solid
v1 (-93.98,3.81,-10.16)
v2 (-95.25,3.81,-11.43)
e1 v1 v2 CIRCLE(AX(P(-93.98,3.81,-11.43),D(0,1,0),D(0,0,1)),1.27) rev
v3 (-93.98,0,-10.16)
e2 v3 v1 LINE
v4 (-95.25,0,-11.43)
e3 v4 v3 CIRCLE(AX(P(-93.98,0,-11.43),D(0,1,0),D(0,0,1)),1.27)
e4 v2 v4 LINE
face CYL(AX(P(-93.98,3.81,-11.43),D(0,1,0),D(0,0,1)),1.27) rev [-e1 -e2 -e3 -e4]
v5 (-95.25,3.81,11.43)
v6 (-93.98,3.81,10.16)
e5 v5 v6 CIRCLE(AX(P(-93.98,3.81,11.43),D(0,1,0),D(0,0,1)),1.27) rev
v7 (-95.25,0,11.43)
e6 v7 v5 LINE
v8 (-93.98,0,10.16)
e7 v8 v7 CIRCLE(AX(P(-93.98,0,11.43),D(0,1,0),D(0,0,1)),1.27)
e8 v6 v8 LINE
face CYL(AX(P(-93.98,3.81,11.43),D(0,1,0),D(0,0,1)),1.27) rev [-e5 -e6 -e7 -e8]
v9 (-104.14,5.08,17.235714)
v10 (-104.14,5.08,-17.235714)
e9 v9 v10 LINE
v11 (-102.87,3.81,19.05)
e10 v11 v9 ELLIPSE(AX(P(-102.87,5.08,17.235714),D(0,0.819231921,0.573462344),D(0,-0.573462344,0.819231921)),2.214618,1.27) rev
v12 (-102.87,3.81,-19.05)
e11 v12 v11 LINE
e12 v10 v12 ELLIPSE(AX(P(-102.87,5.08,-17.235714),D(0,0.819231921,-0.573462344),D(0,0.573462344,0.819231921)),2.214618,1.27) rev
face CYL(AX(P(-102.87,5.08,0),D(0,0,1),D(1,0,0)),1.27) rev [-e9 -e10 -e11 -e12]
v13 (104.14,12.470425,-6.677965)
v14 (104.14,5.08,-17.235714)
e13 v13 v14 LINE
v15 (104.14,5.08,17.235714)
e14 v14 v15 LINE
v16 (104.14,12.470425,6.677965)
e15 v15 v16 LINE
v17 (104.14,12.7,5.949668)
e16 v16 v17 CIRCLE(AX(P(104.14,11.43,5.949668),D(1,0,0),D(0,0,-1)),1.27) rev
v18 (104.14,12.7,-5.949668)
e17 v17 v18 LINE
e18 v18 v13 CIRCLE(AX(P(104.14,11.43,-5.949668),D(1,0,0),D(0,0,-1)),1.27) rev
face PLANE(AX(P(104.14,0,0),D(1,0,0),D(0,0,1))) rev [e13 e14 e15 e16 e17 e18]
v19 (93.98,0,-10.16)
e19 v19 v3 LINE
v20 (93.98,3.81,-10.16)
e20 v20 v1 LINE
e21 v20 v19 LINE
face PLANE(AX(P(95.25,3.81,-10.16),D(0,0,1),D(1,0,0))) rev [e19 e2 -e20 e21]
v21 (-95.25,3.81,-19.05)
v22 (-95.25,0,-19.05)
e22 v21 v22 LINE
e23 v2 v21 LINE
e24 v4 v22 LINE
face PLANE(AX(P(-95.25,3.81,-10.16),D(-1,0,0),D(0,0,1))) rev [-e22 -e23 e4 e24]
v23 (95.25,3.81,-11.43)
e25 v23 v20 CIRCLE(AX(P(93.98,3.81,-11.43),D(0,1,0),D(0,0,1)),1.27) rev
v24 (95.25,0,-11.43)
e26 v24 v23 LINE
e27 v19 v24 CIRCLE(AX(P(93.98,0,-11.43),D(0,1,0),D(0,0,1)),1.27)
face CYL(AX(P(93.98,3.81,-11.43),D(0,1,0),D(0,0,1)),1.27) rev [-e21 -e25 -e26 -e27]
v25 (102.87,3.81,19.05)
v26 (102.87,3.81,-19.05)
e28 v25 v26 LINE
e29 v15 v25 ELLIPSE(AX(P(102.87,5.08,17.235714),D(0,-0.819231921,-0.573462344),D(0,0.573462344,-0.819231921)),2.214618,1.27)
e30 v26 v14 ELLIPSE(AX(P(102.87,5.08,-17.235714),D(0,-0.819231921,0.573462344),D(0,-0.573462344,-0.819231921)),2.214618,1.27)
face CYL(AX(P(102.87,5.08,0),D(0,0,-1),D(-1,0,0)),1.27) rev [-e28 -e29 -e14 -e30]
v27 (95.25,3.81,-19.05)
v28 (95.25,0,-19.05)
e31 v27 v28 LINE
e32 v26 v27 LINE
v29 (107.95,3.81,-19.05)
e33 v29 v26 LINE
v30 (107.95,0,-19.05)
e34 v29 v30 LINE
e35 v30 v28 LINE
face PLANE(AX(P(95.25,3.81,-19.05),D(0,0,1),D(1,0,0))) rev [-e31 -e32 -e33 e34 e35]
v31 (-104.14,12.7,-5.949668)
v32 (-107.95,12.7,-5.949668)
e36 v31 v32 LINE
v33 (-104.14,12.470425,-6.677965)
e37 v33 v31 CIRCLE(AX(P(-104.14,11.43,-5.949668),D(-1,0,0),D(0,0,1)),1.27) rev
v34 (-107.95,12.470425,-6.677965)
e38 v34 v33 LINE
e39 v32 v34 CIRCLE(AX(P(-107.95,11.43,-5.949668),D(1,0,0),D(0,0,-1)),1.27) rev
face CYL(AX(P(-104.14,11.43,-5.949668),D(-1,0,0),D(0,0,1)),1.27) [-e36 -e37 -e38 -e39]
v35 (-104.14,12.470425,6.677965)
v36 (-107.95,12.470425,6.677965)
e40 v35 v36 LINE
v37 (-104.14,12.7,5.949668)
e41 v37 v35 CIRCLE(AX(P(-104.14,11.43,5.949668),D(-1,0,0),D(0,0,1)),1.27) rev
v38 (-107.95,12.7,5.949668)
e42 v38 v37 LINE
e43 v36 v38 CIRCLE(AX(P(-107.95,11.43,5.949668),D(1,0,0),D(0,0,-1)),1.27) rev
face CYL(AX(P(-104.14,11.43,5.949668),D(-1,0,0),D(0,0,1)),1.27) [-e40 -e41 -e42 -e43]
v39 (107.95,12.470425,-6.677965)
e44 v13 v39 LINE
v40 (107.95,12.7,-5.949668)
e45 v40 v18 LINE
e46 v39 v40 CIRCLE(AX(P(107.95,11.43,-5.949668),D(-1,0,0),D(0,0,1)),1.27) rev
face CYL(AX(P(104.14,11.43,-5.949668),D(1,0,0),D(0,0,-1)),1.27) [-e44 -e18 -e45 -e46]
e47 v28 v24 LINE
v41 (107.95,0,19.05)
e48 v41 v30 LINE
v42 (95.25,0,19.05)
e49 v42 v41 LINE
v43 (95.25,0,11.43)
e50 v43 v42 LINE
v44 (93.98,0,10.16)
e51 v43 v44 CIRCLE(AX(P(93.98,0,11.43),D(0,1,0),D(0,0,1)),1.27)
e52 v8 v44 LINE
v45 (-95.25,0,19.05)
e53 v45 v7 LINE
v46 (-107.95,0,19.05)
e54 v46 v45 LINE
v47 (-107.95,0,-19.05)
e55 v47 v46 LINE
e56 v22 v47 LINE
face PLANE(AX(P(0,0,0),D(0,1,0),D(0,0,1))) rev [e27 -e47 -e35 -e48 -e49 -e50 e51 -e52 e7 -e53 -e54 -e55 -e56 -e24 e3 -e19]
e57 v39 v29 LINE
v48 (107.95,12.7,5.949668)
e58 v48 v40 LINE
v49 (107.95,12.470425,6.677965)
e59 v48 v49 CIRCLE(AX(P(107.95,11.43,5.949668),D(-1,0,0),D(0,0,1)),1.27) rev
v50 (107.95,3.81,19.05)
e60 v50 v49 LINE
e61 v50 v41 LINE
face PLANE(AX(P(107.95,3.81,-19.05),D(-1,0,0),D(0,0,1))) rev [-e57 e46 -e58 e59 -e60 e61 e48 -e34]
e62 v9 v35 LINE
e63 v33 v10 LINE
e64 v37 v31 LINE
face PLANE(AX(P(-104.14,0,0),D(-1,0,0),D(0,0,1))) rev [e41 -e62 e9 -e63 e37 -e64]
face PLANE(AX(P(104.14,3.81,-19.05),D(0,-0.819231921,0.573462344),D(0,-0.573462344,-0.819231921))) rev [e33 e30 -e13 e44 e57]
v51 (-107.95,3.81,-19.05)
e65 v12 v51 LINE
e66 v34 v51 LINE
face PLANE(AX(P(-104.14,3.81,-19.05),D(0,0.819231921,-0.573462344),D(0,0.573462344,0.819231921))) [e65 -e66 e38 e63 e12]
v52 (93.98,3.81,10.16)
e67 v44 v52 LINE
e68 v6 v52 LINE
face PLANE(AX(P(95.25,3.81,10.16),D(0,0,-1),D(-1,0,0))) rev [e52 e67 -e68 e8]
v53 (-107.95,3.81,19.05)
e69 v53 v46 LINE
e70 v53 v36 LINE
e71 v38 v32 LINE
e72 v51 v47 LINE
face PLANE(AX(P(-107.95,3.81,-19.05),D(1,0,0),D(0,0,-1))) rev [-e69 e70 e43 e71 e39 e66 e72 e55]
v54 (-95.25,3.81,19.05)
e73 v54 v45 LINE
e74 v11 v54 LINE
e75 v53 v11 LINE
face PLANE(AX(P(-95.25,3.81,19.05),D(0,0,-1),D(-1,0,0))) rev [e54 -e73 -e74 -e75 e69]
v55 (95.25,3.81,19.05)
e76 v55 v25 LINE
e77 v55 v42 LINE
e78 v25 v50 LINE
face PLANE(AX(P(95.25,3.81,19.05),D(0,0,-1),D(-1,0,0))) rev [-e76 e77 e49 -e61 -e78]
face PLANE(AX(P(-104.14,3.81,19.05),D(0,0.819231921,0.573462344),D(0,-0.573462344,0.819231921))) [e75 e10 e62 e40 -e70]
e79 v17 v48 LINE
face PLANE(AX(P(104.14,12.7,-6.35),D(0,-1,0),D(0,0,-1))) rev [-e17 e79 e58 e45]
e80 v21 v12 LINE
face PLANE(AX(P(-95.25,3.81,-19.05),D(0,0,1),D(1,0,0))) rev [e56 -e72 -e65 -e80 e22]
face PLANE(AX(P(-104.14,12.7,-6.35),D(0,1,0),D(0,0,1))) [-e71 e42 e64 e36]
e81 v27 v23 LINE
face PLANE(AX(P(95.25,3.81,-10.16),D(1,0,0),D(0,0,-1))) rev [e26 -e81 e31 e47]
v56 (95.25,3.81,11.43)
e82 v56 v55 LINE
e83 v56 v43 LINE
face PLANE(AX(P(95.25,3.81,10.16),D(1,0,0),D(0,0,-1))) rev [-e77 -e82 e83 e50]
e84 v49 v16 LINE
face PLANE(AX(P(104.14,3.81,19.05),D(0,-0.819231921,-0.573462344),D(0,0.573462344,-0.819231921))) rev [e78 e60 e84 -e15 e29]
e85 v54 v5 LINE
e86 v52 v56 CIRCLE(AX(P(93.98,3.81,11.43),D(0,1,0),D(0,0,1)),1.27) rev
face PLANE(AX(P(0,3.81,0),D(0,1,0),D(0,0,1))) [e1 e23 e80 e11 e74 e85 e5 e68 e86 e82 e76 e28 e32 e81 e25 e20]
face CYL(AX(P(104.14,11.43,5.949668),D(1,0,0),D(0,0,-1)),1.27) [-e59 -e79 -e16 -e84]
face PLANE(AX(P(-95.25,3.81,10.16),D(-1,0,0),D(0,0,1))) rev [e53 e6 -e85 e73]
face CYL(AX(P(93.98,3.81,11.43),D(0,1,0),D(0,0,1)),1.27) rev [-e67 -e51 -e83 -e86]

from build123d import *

# Parameters (mm, degrees)
BOSS_EXTRUDE1_DEPTH = 3.81
BOSS_EXTRUDE2_DEPTH = 3.81
FILLET1_R           = 1.27
FILLET2_R           = 1.27


with BuildPart() as part:
    # Sketch1 → Boss-Extrude1 (new body)
    with BuildSketch(Plane(origin=(0, 0, 0), x_dir=(1, 0, 0), z_dir=(0, 1, 0))):
        Polygon((95.25, 10.16), (-95.25, 10.16), (-95.25, 19.05), (-107.95, 19.05), (-107.95, -19.05), (-95.25, -19.05), (-95.25, -10.16), (95.25, -10.16), (95.25, -19.05), (107.95, -19.05), (107.95, 19.05), (95.25, 19.05), align=None)
    extrude(amount=BOSS_EXTRUDE1_DEPTH)

    # Sketch2 → Boss-Extrude2 (add)
    with BuildSketch(Plane.ZY.offset(107.95)):
        Polygon((-19.05, 0), (-19.05, 3.81), (-6.35, 12.7), (6.35, 12.7), (19.05, 3.81), (19.05, 0), align=None)
    boss_extrude2 = extrude(amount=-BOSS_EXTRUDE2_DEPTH)

    # Mirror1: Boss-Extrude2 across plane
    add(boss_extrude2.mirror(Plane(origin=(0, 0, 0), x_dir=(0, 0, 1), z_dir=(1, 0, 0))))

    # Fillet1
    fillet1_edges = [part.edges().sort_by_distance(p)[0] for p in [
        (-104.14, 3.81, 0),
        (-106.045, 12.7, -6.35),
        (-106.045, 12.7, 6.35),
        (104.14, 3.81, 0),
        (106.045, 12.7, 6.35),
        (106.045, 12.7, -6.35),
    ]]
    fillet(fillet1_edges, radius=FILLET1_R)

    # Fillet2
    fillet2_edges = [part.edges().sort_by_distance(p)[0] for p in [
        (-95.25, 1.905, -10.16),
        (95.25, 1.905, -10.16),
        (95.25, 1.905, 10.16),
        (-95.25, 1.905, 10.16),
    ]]
    fillet(fillet2_edges, radius=FILLET2_R)


solid = part.part
